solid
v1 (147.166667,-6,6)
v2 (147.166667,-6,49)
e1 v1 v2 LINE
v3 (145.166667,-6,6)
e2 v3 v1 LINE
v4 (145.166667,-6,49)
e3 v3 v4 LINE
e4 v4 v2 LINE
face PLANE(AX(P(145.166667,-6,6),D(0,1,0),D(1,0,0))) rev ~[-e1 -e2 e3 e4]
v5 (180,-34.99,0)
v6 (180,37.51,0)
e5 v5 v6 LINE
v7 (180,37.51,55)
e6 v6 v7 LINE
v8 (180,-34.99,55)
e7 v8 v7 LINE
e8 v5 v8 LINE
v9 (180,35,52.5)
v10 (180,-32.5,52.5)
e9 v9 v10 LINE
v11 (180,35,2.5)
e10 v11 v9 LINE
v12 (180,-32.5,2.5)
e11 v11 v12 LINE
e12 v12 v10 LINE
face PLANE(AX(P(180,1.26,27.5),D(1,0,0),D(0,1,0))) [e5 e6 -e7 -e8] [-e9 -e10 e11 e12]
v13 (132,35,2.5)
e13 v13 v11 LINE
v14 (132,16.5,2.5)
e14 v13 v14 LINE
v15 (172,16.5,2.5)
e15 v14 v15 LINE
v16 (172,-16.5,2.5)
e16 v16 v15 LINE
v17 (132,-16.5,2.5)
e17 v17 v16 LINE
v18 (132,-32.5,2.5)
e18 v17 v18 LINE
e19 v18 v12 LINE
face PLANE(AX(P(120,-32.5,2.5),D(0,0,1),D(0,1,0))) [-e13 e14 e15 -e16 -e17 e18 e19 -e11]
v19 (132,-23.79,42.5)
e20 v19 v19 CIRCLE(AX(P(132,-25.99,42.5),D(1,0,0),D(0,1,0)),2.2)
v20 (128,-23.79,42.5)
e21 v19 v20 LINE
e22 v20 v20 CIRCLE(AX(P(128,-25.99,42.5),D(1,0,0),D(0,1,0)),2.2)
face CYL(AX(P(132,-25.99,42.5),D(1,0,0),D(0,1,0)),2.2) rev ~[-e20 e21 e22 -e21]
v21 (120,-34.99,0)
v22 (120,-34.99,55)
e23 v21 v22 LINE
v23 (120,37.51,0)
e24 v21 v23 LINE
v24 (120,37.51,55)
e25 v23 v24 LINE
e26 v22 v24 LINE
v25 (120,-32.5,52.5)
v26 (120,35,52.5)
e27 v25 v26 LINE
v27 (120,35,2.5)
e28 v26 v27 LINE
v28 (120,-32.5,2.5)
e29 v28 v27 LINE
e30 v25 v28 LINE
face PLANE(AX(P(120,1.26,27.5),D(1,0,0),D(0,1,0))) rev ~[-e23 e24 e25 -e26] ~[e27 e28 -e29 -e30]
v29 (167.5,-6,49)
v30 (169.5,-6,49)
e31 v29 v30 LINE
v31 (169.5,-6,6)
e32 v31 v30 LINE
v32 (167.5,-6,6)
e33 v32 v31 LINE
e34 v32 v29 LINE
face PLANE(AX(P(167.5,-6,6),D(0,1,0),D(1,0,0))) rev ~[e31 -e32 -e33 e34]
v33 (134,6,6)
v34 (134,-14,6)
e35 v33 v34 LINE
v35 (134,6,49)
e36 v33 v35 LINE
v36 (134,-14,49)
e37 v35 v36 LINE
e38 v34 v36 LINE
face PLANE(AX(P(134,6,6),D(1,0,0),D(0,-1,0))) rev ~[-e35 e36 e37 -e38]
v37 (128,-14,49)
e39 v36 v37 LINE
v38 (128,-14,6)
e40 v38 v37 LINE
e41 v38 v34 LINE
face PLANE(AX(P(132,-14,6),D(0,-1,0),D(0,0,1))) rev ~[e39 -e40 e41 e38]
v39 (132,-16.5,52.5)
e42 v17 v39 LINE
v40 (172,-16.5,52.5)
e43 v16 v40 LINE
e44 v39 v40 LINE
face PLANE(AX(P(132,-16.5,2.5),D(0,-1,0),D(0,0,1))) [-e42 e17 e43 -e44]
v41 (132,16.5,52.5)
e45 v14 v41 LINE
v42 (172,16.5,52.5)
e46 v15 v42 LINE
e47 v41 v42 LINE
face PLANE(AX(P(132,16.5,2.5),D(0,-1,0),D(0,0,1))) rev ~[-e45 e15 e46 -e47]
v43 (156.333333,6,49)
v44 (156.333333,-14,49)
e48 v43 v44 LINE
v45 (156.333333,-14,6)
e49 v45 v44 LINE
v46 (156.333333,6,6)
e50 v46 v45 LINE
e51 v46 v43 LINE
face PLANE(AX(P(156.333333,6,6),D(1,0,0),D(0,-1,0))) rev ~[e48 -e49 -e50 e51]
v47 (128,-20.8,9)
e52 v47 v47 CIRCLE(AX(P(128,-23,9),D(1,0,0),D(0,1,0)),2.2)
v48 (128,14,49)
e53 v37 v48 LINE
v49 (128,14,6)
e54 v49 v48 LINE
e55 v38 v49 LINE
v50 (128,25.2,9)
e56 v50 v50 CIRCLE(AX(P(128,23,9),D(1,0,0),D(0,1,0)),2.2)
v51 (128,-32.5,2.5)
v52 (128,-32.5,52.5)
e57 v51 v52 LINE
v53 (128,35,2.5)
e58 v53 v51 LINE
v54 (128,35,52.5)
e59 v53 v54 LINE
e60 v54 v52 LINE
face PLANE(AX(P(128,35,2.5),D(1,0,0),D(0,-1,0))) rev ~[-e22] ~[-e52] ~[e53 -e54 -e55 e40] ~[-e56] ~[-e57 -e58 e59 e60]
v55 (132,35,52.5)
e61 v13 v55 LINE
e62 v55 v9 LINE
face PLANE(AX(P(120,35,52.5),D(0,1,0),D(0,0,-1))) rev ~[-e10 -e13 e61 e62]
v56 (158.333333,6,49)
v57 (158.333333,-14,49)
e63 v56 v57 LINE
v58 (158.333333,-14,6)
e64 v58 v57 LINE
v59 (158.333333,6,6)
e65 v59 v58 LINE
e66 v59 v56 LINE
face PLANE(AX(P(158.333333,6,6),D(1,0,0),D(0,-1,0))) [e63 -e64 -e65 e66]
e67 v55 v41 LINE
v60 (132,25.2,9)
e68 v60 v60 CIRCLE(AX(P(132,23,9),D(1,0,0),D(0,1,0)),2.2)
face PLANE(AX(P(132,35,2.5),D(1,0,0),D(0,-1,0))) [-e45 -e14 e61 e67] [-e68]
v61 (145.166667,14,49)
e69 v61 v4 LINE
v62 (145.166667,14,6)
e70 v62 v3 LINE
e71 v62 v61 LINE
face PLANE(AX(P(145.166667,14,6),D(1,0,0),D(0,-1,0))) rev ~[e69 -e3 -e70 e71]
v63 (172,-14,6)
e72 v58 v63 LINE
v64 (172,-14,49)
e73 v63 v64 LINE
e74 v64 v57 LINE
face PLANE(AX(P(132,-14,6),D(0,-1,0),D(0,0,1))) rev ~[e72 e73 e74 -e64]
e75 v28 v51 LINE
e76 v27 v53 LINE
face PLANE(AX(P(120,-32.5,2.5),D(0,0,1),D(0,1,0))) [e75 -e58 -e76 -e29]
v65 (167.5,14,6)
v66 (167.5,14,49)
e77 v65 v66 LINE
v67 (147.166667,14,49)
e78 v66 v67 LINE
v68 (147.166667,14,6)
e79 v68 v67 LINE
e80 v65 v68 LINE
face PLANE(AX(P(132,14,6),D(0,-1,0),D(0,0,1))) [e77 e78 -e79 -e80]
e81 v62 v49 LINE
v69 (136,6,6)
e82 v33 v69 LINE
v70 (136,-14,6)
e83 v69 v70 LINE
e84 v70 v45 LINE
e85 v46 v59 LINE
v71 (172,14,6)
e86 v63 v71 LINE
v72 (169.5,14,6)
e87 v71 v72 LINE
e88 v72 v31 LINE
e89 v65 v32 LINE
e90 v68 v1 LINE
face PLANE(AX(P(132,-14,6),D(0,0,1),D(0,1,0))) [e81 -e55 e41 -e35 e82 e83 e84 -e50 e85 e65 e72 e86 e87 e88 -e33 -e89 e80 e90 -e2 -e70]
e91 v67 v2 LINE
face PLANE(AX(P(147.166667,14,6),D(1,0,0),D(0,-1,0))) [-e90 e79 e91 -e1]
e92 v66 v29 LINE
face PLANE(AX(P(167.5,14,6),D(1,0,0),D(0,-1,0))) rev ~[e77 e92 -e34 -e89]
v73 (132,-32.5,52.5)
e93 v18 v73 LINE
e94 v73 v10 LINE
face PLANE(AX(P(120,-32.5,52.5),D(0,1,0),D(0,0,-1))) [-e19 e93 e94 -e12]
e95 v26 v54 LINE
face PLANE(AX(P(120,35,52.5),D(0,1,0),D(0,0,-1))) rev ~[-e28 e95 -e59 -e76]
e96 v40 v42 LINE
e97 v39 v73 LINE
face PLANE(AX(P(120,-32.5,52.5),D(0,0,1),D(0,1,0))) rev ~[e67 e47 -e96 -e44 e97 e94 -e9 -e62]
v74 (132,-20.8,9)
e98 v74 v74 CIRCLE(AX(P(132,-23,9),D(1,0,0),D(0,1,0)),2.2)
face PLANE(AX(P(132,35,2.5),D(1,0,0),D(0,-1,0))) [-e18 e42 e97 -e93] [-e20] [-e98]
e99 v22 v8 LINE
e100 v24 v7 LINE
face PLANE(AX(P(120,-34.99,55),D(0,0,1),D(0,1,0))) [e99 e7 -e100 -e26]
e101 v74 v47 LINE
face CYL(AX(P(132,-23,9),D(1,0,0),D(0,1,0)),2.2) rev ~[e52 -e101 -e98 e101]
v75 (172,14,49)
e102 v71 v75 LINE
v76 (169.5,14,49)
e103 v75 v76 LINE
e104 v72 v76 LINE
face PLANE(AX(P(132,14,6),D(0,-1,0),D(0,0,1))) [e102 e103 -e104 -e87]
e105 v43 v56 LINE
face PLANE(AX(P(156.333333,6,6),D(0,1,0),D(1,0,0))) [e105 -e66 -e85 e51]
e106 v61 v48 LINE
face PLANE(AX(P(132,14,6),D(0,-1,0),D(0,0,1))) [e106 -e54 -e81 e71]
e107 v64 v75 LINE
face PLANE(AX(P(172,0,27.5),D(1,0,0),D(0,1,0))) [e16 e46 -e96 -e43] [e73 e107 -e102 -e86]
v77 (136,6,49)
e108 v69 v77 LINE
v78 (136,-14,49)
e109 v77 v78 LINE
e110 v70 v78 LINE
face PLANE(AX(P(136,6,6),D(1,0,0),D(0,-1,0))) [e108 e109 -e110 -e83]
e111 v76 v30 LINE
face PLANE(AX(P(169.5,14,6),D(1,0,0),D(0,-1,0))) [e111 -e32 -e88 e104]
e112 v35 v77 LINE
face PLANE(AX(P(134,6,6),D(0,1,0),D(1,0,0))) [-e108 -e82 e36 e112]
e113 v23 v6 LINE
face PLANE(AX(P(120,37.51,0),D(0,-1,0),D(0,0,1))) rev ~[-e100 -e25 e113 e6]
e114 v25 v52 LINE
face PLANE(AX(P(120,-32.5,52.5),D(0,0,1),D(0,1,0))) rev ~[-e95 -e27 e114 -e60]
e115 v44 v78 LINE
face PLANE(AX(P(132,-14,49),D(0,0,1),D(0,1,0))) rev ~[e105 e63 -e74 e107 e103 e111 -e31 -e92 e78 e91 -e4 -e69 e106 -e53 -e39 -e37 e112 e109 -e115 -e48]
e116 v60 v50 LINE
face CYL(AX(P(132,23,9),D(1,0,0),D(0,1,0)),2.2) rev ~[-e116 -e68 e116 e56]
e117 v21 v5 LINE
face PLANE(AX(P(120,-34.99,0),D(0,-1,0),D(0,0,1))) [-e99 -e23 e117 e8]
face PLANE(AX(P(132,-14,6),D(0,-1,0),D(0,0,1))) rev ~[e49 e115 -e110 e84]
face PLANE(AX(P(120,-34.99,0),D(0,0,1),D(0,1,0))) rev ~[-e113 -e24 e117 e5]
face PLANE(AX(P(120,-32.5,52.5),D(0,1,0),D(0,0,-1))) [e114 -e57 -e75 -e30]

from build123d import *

# Parameters (mm, degrees)
SKETCH037_W     = 72.5
SKETCH037_H     = 55
PAD018_DEPTH    = 60
SKETCH038_W     = 67.5
SKETCH038_H     = 50
POCKET013_DEPTH = 60.001
SKETCH039_W     = 67.5
SKETCH039_H     = 4
PAD019_DEPTH    = 50
SKETCH040_R     = 2.2
HOLE006_DEPTH   = 25
SKETCH041_W     = 28
SKETCH041_H     = 43
POCKET014_DEPTH = 4
SKETCH042_W     = 33
SKETCH042_H     = 50
SKETCH042_W_2   = 28
SKETCH042_H_2   = 43
PAD020_DEPTH    = 40
SKETCH043_W     = 20
SKETCH043_H     = 2
PAD021_DEPTH    = 43


with BuildPart() as part:
    # Sketch037 → Pad018 (new body)
    with BuildSketch(Plane.YZ.offset(120)):
        with Locations((1.26, 27.5)):
            Rectangle(SKETCH037_W, SKETCH037_H)
    extrude(amount=PAD018_DEPTH)

    # Sketch038 (on Face5 of Pad018) → Pocket013 (cut, through all)
    with BuildSketch(Plane(origin=(120, 0, 0), x_dir=(0, 1, 0), z_dir=(-1, 0, 0))):
        with Locations((1.25, -27.5)):
            Rectangle(SKETCH038_W, SKETCH038_H)
    extrude(amount=-POCKET013_DEPTH, mode=Mode.SUBTRACT)

    # Sketch039 (on Face8 of Pocket013) → Pad019 (join)
    with BuildSketch(Plane(origin=(0, 0, 2.5), x_dir=(0, -1, 0), z_dir=(0, 0, 1))):
        with Locations((-1.25, 130)):
            Rectangle(SKETCH039_W, SKETCH039_H)
    extrude(amount=PAD019_DEPTH)

    # Sketch040 (on Face16 of Pad019) → Hole006 (cut)
    with BuildSketch(Plane.YZ.offset(132)):
        with Locations((-25.99, 42.5)):
            Circle(SKETCH040_R)
        with Locations((-23, 9)):
            Circle(SKETCH040_R)
        with Locations((23, 9)):
            Circle(SKETCH040_R)
    extrude(amount=-HOLE006_DEPTH, mode=Mode.SUBTRACT)

    # Sketch041 (on Face16 of Hole006) → Pocket014 (cut)
    with BuildSketch(Plane.YZ.offset(132)):
        with Locations((0, 27.5)):
            Rectangle(SKETCH041_W, SKETCH041_H)
    extrude(amount=-POCKET014_DEPTH, mode=Mode.SUBTRACT)

    # Sketch042 (on Face16 of Pocket014) → Pad020 (join)
    with BuildSketch(Plane.YZ.offset(132)):
        with Locations((0, 27.5)):
            Rectangle(SKETCH042_W, SKETCH042_H)
        with Locations((0, 27.5)):
            Rectangle(SKETCH042_W_2, SKETCH042_H_2, mode=Mode.SUBTRACT)
    extrude(amount=PAD020_DEPTH)

    # Sketch043 (on Face29 of Pad020) → Pad021 (join)
    with BuildSketch(Plane(origin=(0, 0, 6), x_dir=(0, -1, 0), z_dir=(0, 0, 1))):
        with Locations((-4, 168.5)):
            Rectangle(SKETCH043_W, SKETCH043_H)
        with Locations((4, 157.333333)):
            Rectangle(SKETCH043_W, SKETCH043_H)
        with Locations((-4, 146.166667)):
            Rectangle(SKETCH043_W, SKETCH043_H)
        with Locations((4, 135)):
            Rectangle(SKETCH043_W, SKETCH043_H)
    extrude(amount=PAD021_DEPTH)


solid = part.part
